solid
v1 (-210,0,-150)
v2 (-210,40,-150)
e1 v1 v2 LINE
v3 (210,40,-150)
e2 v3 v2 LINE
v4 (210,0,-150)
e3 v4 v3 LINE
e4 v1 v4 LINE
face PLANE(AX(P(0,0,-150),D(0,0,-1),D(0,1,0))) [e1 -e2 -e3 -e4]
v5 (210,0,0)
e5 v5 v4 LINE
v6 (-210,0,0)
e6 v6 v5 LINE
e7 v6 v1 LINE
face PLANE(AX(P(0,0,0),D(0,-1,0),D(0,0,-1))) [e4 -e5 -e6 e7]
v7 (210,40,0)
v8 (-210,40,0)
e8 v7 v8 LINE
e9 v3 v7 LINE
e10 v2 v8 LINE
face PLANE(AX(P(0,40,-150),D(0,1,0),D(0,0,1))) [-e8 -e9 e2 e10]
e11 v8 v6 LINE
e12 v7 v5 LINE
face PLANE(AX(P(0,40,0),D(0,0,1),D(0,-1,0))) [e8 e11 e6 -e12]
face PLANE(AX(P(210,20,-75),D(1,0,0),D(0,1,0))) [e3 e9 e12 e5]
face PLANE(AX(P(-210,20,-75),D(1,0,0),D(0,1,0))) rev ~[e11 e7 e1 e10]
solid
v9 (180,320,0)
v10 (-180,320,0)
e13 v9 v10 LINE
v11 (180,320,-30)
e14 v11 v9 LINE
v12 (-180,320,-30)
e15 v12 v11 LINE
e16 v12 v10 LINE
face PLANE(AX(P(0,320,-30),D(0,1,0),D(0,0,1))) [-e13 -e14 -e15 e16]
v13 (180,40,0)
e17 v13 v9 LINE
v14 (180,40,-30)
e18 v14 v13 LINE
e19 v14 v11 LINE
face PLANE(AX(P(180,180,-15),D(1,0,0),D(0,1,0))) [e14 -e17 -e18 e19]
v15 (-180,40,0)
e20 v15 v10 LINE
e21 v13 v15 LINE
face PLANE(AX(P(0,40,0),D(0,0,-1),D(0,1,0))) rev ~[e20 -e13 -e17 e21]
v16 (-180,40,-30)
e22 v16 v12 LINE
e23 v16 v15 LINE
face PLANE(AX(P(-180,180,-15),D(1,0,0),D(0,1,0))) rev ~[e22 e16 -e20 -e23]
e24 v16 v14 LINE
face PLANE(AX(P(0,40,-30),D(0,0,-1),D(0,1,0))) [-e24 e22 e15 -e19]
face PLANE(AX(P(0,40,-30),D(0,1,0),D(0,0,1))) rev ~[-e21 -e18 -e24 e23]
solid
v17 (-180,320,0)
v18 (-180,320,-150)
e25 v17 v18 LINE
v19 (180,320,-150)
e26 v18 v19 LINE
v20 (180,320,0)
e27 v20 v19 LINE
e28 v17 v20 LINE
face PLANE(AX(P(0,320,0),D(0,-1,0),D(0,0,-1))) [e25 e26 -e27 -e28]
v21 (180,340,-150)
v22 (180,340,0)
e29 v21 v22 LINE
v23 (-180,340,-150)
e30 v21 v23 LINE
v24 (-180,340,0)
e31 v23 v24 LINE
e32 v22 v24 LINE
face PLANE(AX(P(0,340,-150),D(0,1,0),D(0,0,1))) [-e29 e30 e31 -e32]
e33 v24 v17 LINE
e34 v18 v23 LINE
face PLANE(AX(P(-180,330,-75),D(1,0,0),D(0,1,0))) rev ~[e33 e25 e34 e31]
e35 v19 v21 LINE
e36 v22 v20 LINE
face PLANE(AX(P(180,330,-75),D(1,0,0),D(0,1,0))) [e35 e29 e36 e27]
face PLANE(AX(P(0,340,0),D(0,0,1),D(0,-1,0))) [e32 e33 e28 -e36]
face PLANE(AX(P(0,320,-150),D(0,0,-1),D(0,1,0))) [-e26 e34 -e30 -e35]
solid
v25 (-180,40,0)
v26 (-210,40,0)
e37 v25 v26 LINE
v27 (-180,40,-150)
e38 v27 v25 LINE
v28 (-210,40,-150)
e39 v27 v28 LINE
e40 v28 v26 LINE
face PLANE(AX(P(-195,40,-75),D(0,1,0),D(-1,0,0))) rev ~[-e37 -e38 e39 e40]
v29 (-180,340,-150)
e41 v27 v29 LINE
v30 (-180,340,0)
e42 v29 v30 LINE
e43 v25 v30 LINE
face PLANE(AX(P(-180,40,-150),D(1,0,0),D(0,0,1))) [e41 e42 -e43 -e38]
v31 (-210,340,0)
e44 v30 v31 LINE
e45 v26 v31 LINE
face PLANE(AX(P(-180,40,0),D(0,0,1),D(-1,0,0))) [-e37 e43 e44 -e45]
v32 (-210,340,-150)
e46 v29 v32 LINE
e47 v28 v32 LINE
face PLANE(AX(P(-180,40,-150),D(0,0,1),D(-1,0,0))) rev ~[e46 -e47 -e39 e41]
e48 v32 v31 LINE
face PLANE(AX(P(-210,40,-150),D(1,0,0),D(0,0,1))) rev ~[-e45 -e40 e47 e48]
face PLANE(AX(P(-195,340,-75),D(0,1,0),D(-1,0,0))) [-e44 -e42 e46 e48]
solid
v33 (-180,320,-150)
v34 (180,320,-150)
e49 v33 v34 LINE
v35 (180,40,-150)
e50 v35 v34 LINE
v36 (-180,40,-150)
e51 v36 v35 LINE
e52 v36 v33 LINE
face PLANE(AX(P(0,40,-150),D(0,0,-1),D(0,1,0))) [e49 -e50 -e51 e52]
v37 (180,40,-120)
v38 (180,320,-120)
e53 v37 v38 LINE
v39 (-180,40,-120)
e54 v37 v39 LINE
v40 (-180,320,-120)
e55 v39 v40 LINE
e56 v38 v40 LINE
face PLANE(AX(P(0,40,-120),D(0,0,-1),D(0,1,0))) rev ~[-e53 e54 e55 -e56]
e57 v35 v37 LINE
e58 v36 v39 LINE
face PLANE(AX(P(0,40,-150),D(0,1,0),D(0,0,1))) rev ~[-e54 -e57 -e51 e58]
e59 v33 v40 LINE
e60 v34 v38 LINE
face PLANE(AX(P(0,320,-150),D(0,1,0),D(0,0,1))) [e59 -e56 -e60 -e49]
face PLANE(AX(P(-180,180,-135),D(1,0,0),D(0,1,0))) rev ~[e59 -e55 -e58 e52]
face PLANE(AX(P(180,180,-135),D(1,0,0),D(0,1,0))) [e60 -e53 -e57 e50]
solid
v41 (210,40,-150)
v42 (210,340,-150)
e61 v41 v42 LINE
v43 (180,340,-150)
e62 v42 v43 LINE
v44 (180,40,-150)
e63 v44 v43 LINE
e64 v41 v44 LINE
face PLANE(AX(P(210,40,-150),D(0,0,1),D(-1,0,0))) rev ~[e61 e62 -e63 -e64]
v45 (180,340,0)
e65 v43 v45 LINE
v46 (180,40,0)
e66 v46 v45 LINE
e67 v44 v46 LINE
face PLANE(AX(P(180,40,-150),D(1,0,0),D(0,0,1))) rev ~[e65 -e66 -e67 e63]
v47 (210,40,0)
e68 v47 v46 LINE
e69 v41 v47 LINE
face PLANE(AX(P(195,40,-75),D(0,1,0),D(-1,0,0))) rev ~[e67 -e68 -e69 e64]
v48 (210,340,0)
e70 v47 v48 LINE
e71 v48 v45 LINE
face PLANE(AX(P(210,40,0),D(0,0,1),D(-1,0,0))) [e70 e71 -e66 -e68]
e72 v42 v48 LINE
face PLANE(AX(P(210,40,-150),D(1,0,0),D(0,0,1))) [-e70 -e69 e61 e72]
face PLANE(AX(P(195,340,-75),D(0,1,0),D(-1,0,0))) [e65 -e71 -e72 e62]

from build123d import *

# Parameters (mm, degrees)
F1_DEPTH = 210
F0_W     = 280
F0_H     = 30
F2_DEPTH = 180
F3_DEPTH = 180
F4_W     = 30
F4_H     = 150
F5_DEPTH = 300
F6_DEPTH = 300
F7_DEPTH = 180


with BuildPart() as f1:
    # F0 (on Right) → F1 (new body, symmetric)
    with BuildSketch(Plane.YZ):
        Polygon((40, 0), (0, 0), (0, -150), (40, -150), (40, -120), (40, -30), align=None)
    extrude(amount=F1_DEPTH, both=True)


with BuildPart() as f2:
    # F0 (on Right) → F2 (new body, symmetric)
    with BuildSketch(Plane.YZ):
        with Locations((180, -15)):
            Rectangle(F0_W, F0_H)
    extrude(amount=F2_DEPTH, both=True)


with BuildPart() as f3:
    # F0 (on Right) → F3 (new body, symmetric)
    with BuildSketch(Plane.YZ):
        with Locations((180, -135)):
            Rectangle(F0_W, F0_H)
    extrude(amount=F3_DEPTH, both=True)


with BuildPart() as f5:
    # F4 (on face) → F5 (new body)
    with BuildSketch(Plane(origin=(0, 40, 0), x_dir=(-1, 0, 0), z_dir=(0, 1, 0))):
        with Locations((-195, -75)):
            Rectangle(F4_W, F4_H)
    extrude(amount=F5_DEPTH)


with BuildPart() as f6:
    # F4 (on face) → F6 (new body)
    with BuildSketch(Plane(origin=(0, 40, 0), x_dir=(-1, 0, 0), z_dir=(0, 1, 0))):
        with Locations((195, -75)):
            Rectangle(F4_W, F4_H)
    extrude(amount=F6_DEPTH)


with BuildPart() as f7:
    # F0 (on Right) → F7 (new body, symmetric)
    with BuildSketch(Plane.YZ):
        Polygon((340, 0), (320, 0), (320, -30), (320, -120), (320, -150), (340, -150), align=None)
    extrude(amount=F7_DEPTH, both=True)


solid = Compound([f1.part, f2.part, f3.part, f5.part, f6.part, f7.part])
